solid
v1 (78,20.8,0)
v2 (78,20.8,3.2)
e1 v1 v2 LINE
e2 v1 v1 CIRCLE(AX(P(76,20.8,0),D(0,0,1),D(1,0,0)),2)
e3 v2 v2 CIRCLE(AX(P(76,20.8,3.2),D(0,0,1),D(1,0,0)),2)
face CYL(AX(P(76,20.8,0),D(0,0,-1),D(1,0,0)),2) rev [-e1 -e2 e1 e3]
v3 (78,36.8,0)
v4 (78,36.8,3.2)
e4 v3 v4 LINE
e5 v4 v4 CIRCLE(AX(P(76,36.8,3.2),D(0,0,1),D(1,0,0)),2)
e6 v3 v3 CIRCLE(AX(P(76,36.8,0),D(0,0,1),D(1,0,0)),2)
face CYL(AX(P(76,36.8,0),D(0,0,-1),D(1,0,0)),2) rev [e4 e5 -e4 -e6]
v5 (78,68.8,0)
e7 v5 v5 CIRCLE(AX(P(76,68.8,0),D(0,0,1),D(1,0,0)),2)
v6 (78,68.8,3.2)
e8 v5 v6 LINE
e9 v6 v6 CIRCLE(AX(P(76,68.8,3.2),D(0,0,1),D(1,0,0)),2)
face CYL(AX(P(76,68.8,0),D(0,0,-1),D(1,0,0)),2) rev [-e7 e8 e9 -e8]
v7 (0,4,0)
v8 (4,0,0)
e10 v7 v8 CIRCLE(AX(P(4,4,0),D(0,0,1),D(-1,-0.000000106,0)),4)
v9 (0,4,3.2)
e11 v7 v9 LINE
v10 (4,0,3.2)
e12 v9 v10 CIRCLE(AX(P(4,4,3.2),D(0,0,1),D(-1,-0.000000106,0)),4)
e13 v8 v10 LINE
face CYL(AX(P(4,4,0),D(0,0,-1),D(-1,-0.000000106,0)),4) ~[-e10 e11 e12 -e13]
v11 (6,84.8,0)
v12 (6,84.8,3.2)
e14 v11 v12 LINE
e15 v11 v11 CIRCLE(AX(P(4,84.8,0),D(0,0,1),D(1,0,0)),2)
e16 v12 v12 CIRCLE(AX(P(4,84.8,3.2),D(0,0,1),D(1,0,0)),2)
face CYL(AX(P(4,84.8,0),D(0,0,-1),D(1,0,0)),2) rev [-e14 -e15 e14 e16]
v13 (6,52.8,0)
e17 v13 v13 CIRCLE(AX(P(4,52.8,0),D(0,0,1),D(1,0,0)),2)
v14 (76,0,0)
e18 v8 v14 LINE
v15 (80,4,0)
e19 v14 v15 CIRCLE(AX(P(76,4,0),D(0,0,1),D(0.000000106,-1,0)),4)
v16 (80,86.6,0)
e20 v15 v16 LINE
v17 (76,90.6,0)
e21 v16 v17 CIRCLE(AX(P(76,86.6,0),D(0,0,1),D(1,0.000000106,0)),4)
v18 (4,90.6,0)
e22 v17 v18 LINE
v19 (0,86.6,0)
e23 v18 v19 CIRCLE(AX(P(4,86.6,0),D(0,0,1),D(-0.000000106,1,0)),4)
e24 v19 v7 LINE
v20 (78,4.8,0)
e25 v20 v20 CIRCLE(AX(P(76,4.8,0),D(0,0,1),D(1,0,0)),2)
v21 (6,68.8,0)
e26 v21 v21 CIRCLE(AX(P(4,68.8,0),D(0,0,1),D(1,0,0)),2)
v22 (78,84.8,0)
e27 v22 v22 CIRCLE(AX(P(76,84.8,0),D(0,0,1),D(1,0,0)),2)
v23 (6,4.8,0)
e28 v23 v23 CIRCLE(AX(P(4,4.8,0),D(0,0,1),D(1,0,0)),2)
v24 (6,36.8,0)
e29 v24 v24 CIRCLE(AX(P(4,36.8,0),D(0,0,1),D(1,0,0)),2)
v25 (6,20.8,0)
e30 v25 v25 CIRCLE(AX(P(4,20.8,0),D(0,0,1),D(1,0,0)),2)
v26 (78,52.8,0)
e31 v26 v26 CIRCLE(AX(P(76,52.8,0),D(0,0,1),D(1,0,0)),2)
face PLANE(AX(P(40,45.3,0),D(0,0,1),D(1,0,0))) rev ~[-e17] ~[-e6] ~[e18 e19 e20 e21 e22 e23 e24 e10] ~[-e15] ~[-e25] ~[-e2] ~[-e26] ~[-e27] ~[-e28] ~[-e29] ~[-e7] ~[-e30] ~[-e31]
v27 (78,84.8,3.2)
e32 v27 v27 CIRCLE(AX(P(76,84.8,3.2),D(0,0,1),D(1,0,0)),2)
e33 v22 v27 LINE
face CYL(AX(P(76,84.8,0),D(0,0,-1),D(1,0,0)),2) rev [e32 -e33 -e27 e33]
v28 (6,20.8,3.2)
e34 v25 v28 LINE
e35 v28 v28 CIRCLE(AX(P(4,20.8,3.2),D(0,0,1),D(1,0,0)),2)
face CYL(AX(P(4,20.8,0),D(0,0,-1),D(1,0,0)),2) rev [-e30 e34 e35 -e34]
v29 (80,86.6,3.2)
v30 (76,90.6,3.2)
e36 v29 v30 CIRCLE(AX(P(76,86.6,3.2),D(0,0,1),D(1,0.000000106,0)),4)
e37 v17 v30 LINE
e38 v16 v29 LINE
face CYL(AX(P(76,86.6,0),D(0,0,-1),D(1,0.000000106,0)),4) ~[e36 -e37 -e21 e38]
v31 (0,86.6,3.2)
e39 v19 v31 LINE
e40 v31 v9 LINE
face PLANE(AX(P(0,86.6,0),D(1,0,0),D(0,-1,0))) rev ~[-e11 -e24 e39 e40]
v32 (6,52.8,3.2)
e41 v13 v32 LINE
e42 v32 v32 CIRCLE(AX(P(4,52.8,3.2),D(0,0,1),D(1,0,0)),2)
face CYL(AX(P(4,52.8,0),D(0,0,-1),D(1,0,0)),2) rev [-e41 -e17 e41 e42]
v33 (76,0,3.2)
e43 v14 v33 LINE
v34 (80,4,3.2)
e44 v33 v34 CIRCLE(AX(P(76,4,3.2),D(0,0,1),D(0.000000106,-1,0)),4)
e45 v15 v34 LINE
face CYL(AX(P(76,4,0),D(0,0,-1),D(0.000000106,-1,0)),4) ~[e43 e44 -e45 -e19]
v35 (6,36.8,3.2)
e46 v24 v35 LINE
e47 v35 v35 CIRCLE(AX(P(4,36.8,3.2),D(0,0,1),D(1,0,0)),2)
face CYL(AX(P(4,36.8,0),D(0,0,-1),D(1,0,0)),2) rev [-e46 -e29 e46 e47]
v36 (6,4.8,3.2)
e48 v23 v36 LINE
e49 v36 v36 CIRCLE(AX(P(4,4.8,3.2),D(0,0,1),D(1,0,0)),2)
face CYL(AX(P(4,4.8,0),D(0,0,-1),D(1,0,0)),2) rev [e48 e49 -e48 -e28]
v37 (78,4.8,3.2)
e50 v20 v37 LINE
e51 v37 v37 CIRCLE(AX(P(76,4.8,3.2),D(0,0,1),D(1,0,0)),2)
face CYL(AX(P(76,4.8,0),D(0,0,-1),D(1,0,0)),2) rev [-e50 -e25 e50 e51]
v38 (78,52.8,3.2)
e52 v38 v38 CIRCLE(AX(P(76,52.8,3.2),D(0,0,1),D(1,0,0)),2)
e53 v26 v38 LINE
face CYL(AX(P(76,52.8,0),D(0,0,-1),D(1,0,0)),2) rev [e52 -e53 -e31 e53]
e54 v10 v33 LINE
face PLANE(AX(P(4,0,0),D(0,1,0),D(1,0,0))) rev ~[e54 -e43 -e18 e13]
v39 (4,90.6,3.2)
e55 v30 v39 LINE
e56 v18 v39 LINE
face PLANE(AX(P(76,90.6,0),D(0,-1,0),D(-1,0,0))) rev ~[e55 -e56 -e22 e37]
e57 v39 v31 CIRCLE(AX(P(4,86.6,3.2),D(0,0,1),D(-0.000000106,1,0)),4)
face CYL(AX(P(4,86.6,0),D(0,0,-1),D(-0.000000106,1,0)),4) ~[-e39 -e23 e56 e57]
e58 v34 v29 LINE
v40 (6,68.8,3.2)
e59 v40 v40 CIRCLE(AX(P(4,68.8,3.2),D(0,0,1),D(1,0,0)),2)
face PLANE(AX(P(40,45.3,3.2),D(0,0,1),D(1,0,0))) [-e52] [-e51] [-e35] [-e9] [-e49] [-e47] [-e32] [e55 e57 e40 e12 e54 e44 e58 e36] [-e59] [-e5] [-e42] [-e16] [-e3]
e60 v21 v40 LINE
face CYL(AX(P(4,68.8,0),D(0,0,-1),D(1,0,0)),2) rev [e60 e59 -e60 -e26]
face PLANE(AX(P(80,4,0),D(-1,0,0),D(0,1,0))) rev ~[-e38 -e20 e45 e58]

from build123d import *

# Parameters (mm, degrees)
F0_R     = 2
F1_DEPTH = 3.2


with BuildPart() as f1:
    # F0 (on Top) → F1 (new body)
    with BuildSketch(Plane.XY):
        with BuildLine():
            ThreePointArc((0, 4), (1.171573, 1.171573), (4, 0))
            Line((4, 0), (76, 0))
            ThreePointArc((76, 0), (78.828427, 1.171573), (80, 4))
            Line((80, 4), (80, 86.6))
            ThreePointArc((80, 86.6), (78.828427, 89.428427), (76, 90.6))
            Line((76, 90.6), (4, 90.6))
            ThreePointArc((4, 90.6), (1.171573, 89.428427), (0, 86.6))
            Line((0, 86.6), (0, 4))
        make_face()
        with Locations((4, 4.8)):
            Circle(F0_R, mode=Mode.SUBTRACT)
        with Locations((4, 20.8)):
            Circle(F0_R, mode=Mode.SUBTRACT)
        with Locations((4, 36.8)):
            Circle(F0_R, mode=Mode.SUBTRACT)
        with Locations((76, 4.8)):
            Circle(F0_R, mode=Mode.SUBTRACT)
        with Locations((76, 20.8)):
            Circle(F0_R, mode=Mode.SUBTRACT)
        with Locations((76, 36.8)):
            Circle(F0_R, mode=Mode.SUBTRACT)
        with Locations((4, 52.8)):
            Circle(F0_R, mode=Mode.SUBTRACT)
        with Locations((4, 68.8)):
            Circle(F0_R, mode=Mode.SUBTRACT)
        with Locations((4, 84.8)):
            Circle(F0_R, mode=Mode.SUBTRACT)
        with Locations((76, 52.8)):
            Circle(F0_R, mode=Mode.SUBTRACT)
        with Locations((76, 68.8)):
            Circle(F0_R, mode=Mode.SUBTRACT)
        with Locations((76, 84.8)):
            Circle(F0_R, mode=Mode.SUBTRACT)
    extrude(amount=F1_DEPTH)


solid = f1.part
